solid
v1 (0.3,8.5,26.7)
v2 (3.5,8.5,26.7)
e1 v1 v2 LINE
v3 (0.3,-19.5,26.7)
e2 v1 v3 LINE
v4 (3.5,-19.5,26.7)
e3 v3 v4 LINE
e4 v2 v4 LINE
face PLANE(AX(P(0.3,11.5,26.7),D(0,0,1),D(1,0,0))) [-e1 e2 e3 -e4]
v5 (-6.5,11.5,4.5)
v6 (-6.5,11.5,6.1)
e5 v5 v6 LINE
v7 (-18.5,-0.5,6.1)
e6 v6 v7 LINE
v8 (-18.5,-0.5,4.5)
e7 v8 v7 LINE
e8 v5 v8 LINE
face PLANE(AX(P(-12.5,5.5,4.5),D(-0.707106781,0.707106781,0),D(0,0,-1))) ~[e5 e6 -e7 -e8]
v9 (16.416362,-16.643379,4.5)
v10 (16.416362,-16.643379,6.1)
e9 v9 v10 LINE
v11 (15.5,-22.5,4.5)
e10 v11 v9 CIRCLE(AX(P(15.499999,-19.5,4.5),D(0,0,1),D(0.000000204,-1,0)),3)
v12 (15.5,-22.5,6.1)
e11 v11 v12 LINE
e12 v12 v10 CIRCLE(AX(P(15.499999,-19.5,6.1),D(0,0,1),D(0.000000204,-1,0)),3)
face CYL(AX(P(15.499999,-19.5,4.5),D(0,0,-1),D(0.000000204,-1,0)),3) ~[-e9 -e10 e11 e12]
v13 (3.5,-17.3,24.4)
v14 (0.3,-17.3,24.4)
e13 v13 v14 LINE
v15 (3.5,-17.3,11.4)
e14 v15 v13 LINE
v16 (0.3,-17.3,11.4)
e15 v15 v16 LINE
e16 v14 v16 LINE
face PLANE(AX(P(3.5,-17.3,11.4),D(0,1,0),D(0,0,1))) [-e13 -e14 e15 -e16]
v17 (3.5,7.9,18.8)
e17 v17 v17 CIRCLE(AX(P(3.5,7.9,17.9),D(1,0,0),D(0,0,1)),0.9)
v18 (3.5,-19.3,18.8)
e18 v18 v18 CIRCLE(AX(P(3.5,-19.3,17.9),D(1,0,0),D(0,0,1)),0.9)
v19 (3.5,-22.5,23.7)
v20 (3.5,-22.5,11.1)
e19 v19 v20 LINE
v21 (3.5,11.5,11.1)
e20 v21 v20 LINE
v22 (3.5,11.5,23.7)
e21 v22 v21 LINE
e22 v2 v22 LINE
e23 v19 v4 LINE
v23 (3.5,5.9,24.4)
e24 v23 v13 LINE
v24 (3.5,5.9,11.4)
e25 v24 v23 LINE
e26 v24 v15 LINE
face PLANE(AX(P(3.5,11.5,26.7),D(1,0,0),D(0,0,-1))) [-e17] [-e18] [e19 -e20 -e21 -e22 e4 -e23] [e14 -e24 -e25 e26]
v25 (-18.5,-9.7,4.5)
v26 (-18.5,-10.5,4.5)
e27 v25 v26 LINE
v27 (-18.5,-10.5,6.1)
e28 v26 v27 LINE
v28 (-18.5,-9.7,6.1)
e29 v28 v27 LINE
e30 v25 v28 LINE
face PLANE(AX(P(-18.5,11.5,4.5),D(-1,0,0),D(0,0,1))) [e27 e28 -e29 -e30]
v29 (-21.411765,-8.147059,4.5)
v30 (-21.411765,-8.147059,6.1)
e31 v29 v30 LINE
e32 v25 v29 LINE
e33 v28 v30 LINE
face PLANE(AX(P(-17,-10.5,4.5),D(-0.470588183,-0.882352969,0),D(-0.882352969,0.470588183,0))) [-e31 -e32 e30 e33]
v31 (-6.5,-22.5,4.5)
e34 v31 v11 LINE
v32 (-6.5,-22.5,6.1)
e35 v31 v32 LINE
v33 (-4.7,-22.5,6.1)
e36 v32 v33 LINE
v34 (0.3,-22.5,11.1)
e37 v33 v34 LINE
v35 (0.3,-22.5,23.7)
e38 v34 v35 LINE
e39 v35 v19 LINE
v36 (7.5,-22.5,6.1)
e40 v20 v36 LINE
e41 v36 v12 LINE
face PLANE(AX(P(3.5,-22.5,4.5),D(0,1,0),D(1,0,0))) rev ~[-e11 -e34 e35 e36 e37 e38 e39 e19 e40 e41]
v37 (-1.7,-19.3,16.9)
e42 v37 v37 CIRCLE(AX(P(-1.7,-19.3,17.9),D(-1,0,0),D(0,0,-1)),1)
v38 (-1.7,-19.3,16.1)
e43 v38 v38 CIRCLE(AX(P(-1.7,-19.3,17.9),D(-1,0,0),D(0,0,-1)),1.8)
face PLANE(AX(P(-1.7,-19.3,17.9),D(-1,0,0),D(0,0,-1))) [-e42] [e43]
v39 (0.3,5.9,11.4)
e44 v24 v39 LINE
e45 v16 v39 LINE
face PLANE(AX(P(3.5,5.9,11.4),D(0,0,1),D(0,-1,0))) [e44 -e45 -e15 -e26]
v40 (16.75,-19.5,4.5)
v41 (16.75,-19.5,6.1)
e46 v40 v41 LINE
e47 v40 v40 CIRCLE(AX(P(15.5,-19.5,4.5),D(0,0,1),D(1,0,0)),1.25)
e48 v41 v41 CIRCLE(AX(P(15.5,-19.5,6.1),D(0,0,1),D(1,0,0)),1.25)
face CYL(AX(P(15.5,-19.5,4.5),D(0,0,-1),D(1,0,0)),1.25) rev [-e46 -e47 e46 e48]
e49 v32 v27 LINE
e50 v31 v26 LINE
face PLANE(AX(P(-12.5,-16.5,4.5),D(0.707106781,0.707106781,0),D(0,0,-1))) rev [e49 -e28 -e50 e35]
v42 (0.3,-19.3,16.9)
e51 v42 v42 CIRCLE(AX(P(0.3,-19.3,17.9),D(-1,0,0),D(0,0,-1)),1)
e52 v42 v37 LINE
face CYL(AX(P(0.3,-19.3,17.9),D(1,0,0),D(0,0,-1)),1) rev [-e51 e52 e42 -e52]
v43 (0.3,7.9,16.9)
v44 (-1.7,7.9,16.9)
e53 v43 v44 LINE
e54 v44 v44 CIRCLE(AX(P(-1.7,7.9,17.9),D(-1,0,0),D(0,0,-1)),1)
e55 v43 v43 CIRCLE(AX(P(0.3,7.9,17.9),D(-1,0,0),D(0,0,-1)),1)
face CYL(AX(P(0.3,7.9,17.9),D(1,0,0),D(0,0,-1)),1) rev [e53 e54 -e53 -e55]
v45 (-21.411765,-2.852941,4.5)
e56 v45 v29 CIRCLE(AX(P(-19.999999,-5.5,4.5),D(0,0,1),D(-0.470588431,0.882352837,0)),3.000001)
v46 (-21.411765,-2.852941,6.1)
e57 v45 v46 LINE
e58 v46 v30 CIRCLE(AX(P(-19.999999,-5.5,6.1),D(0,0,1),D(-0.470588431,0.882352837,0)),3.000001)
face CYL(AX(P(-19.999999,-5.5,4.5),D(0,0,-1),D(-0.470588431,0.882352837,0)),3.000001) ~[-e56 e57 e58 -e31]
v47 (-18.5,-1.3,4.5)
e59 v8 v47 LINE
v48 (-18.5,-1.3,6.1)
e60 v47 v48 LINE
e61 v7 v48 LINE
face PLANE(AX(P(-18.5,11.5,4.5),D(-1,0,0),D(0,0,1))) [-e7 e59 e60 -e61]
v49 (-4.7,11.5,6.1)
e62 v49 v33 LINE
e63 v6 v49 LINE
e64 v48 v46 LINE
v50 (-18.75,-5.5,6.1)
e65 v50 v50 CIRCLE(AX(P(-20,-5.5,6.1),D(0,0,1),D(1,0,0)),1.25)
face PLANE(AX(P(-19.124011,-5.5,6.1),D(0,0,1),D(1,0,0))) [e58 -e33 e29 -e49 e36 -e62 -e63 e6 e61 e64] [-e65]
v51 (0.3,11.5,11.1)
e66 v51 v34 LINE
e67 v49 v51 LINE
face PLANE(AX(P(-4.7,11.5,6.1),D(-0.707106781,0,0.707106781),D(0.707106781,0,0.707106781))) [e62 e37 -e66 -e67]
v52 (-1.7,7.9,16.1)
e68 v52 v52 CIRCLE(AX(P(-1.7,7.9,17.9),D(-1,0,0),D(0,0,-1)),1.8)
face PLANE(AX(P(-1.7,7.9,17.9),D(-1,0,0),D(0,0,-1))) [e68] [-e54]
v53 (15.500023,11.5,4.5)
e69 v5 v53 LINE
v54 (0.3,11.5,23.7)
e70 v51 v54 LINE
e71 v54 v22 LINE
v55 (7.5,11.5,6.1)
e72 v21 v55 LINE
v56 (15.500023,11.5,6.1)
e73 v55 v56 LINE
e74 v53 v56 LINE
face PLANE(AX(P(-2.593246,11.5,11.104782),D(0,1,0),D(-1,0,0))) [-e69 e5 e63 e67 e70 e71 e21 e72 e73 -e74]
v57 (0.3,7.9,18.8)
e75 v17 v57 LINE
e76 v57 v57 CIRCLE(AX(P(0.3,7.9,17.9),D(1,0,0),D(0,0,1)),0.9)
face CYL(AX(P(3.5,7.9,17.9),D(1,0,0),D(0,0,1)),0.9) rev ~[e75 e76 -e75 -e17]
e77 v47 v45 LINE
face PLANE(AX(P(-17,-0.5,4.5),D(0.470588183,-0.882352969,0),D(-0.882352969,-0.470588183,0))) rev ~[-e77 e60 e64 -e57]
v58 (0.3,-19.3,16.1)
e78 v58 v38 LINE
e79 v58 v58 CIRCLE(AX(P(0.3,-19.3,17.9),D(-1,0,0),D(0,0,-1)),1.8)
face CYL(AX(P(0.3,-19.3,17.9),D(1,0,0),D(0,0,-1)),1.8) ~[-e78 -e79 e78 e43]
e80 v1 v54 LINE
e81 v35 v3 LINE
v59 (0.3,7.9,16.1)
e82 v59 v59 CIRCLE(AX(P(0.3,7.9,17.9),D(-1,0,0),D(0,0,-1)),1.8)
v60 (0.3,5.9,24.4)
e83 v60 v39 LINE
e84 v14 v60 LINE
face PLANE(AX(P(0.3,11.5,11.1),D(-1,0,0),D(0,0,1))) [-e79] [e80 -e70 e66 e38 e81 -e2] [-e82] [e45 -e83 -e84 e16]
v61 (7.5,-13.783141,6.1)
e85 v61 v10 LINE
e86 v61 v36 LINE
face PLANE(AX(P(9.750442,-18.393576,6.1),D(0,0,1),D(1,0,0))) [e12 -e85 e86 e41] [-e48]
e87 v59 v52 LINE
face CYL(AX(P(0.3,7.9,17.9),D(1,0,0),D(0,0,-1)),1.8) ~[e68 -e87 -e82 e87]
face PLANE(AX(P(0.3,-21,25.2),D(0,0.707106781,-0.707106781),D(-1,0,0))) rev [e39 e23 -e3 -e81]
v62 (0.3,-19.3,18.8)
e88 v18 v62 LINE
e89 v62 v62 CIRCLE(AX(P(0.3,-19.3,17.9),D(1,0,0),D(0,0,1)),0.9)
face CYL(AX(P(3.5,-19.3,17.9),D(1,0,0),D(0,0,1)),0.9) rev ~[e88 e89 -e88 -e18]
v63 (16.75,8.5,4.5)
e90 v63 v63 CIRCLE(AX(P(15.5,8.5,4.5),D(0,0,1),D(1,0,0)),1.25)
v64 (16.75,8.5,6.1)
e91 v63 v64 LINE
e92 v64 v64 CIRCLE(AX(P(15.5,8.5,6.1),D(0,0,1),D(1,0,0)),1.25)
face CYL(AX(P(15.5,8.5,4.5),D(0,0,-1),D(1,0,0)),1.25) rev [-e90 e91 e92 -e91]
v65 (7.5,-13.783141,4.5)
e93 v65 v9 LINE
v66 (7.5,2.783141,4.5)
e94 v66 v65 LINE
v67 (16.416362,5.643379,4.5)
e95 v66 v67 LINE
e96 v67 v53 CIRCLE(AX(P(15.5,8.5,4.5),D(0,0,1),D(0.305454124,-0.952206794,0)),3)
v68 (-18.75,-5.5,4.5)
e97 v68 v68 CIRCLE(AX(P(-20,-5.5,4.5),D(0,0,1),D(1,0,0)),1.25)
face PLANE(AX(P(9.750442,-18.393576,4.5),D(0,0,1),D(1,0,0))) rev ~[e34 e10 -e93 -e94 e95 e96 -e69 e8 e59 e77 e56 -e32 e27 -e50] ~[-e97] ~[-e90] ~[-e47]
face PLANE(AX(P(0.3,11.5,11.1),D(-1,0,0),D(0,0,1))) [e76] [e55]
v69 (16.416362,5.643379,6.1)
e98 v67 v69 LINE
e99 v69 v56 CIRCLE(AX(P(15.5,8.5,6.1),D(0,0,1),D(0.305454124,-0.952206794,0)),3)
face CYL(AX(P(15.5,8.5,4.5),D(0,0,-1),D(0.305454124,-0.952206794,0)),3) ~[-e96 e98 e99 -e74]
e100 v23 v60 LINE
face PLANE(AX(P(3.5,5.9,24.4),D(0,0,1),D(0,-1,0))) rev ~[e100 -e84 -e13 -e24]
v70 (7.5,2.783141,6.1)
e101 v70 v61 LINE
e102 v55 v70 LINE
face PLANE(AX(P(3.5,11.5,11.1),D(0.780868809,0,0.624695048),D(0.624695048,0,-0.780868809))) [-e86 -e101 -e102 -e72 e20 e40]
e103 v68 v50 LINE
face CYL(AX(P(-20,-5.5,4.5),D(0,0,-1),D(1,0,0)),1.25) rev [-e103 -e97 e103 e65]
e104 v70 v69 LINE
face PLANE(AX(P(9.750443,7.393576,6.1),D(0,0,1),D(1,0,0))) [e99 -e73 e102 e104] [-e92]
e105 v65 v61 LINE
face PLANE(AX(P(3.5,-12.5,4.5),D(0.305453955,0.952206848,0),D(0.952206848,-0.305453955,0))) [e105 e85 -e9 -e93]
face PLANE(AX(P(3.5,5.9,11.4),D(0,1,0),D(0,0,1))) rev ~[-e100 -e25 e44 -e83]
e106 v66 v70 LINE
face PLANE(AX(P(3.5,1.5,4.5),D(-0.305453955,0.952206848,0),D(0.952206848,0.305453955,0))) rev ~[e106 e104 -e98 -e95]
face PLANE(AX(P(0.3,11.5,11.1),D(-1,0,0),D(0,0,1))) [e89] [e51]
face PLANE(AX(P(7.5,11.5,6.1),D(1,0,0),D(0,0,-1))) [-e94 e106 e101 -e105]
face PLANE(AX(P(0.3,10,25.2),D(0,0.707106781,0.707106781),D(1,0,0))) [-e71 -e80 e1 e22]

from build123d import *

# Parameters (mm, degrees)
PAD002_DEPTH    = 34
SKETCH003_R     = 0.9
POCKET001_DEPTH = 22.001
SKETCH005_W     = 13
SKETCH005_H     = 23.2
POCKET002_DEPTH = 22.001
SKETCH006_R     = 1.25
PAD003_DEPTH    = 1.6
SKETCH007_R     = 1.25
PAD004_DEPTH    = 1.6
SKETCH009_R     = 1.8
SKETCH009_R_2   = 1
PAD005_DEPTH    = 2
CHAMFER_SIZE    = 3
CHAMFER001_SIZE = 12


with BuildPart() as part:
    # Sketch004 → Pad002 (new body)
    with BuildSketch(Plane.XZ):
        Polygon((-22, 1.6), (-8.2, 1.6), (-3.2, 6.6), (-3.2, 22.2), (0, 22.2), (0, 6.6), (4, 1.6), (4, 0), (-3.601763, 0), (-22, 0), align=None)
    extrude(amount=PAD002_DEPTH)

    # Sketch003 → Pocket001 (cut, through all)
    with BuildSketch(Plane(origin=(0, 0, 0), x_dir=(0, 0, 1), z_dir=(1, 0, 0))):
        with Locations((13.4, 30.8)):
            Circle(SKETCH003_R)
        with Locations((13.4, 3.6)):
            Circle(SKETCH003_R)
    extrude(amount=-POCKET001_DEPTH, mode=Mode.SUBTRACT)

    # Sketch005 (on DatumPlane) → Pocket002 (cut, through all)
    with BuildSketch(Plane(origin=(0, 0, 0), x_dir=(0, 0, 1), z_dir=(1, 0, 0))):
        with Locations((13.4, 17.2)):
            Rectangle(SKETCH005_W, SKETCH005_H)
    extrude(amount=-POCKET002_DEPTH, mode=Mode.SUBTRACT)

    # Sketch006 → Pad003 (join)
    with BuildSketch(Plane.XY):
        with BuildLine():
            ThreePointArc((-24.911765, -14.352941), (-26.5, -17), (-24.911765, -19.647059))
            Line((-20.5, -22), (-24.911765, -19.647059))
            Line((-20.5, -12), (-20.5, -22))
            Line((-20.5, -12), (-24.911765, -14.352941))
        make_face()
        with Locations((-23.5, -17)):
            Circle(SKETCH006_R, mode=Mode.SUBTRACT)
    extrude(amount=PAD003_DEPTH)

    # Sketch007 → Pad004 (join)
    with BuildSketch(Plane.XY):
        with BuildLine():
            ThreePointArc((12, -34), (14.963938, -31.463756), (12.916362, -28.143379))
            Line((0, -24), (12.916362, -28.143379))
            Line((0, -34), (0, -24))
            Line((0, -34), (12, -34))
        make_face()
        with Locations((12, -31)):
            Circle(SKETCH007_R, mode=Mode.SUBTRACT)
        with BuildLine():
            ThreePointArc((12.916362, -5.856621), (14.96394, -2.536256), (12.000023, 0))
            Line((0, 0), (12.000023, 0))
            Line((0, 0), (0, -10))
            Line((0, -10), (12.916362, -5.856621))
        make_face()
        with Locations((12, -3)):
            Circle(SKETCH007_R, mode=Mode.SUBTRACT)
    extrude(amount=PAD004_DEPTH)

    # Sketch009 (on Face2 of Pad004) → Pad005 (join)
    with BuildSketch(Plane(origin=(-3.2, 0, 0), x_dir=(0, 0, -1), z_dir=(-1, 0, 0))):
        with Locations((-13.4, 30.8)):
            Circle(SKETCH009_R)
        with Locations((-13.4, 30.8)):
            Circle(SKETCH009_R_2, mode=Mode.SUBTRACT)
        with Locations((-13.4, 3.6)):
            Circle(SKETCH009_R)
        with Locations((-13.4, 3.6)):
            Circle(SKETCH009_R_2, mode=Mode.SUBTRACT)
    extrude(amount=PAD005_DEPTH)

    # Chamfer
    chamfer_edges = [part.edges().sort_by_distance(p)[0] for p in [
        (-1.6, -34, 22.2),
        (-1.6, 0, 22.2),
    ]]
    chamfer(chamfer_edges, length=CHAMFER_SIZE)

    # Chamfer001
    chamfer001_edges = [part.edges().sort_by_distance(p)[0] for p in [
        (-22, -34, 0.8),
        (-22, 0, 0.8),
    ]]
    chamfer(chamfer001_edges, length=CHAMFER001_SIZE)


with BuildPart() as part_1:
    # Body001 placement: moved
    add(part.part.moved(Location((3.5, 11.5, 4.5))))


solid = part_1.part
